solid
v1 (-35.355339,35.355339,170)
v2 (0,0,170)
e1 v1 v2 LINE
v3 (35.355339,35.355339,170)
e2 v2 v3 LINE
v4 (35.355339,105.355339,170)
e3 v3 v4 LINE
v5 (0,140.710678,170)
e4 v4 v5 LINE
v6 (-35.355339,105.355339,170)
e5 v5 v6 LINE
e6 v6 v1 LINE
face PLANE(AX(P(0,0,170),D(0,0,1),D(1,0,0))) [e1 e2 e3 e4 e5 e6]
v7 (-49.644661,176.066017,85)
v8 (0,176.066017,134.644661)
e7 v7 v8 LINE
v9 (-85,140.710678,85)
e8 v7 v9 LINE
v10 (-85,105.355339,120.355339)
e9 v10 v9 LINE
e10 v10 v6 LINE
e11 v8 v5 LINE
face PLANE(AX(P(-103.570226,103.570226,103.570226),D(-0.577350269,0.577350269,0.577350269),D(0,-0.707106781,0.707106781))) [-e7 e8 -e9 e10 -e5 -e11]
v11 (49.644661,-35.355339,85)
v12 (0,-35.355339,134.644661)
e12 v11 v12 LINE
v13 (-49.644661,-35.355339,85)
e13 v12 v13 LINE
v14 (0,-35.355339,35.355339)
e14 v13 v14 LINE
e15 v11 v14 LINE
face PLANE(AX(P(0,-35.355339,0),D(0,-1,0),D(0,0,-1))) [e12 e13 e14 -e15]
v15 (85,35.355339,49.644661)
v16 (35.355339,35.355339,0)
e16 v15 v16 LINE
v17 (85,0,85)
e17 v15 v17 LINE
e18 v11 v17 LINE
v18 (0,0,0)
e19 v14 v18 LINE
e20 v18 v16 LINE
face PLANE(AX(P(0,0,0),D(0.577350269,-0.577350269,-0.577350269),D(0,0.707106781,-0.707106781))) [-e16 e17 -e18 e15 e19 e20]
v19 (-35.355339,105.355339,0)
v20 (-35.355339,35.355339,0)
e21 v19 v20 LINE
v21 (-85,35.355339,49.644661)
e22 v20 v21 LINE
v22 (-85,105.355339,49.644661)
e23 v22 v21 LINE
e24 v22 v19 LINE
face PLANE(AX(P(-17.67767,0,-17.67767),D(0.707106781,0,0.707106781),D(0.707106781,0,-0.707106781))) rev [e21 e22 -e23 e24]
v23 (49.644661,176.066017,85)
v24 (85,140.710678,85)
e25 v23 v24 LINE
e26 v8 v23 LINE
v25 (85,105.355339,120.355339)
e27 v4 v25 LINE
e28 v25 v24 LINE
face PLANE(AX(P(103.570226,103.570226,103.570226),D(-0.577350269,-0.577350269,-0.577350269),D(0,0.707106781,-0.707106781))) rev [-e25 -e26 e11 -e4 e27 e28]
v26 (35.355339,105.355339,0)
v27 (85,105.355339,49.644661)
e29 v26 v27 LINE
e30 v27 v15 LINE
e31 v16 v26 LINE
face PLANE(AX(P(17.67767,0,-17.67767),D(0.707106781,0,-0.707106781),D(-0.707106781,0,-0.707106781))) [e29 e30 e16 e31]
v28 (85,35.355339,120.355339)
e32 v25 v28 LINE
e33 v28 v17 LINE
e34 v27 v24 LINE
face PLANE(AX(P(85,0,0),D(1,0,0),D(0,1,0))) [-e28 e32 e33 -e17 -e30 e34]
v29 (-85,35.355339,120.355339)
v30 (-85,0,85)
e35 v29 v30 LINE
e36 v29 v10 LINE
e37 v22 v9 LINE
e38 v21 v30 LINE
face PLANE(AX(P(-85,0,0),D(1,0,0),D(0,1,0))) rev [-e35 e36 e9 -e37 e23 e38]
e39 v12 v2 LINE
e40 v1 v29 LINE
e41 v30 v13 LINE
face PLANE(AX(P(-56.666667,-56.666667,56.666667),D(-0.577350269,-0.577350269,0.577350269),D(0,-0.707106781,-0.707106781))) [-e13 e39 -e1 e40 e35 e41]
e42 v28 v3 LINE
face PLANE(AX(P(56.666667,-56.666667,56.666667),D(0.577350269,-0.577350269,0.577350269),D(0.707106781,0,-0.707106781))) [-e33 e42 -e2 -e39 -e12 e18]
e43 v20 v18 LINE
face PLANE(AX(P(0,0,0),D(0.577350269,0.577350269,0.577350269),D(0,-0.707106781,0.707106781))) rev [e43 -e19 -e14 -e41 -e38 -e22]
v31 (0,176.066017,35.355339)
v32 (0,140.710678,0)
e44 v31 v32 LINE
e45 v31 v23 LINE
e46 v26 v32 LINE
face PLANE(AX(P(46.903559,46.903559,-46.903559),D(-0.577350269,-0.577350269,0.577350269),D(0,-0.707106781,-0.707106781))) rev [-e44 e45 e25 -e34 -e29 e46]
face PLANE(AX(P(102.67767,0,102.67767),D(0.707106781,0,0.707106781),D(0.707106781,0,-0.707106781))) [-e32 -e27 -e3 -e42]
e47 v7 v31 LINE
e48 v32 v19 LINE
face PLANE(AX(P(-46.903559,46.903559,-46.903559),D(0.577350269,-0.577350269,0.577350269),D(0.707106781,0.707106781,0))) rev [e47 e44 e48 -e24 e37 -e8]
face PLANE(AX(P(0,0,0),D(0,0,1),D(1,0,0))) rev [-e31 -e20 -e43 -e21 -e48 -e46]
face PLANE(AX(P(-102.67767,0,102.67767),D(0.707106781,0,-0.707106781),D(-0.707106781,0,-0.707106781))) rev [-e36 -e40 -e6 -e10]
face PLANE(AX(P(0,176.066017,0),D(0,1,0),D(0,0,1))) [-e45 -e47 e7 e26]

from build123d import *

# Parameters (mm, degrees)
BOSS_EXTRUDE1_DEPTH  = 170
SKETCH2_W            = 70.7106781
SKETCH2_H            = 70
BOSS_EXTRUDE2_DEPTH  = 85
SKETCH3_W            = 70.208152808
SKETCH3_H            = 70
BOSS_EXTRUDE3_DEPTH  = 170.208153
BOSS_EXTRUDE7_DEPTH  = 140.710678
SKETCH5_W            = 70.208152808
SKETCH5_H            = 70
BOSS_EXTRUDE8_DEPTH  = 170.208153
BOSS_EXTRUDE9_DEPTH  = 40
BOSS_EXTRUDE10_DEPTH = 40
BOSS_EXTRUDE11_DEPTH = 40
BOSS_EXTRUDE14_DEPTH = 40
BOSS_EXTRUDE15_DEPTH = 40
BOSS_EXTRUDE17_DEPTH = 40
BOSS_EXTRUDE20_DEPTH = 40
BOSS_EXTRUDE21_DEPTH = 40
BOSS_EXTRUDE22_DEPTH = 40
BOSS_EXTRUDE24_DEPTH = 40


with BuildPart() as part:
    # Sketch1 → Boss-Extrude1 (new body)
    with BuildSketch(Plane.XY):
        Polygon((0, 0), (-35.355339059, 35.355339059), (-35.355339059, 105.355339059), (0, 140.710678119), (35.355339059, 105.355339059), (35.355339059, 35.355339059), align=None)
    extrude(amount=BOSS_EXTRUDE1_DEPTH)



with BuildPart() as body_2:
    # Sketch2 → Boss-Extrude2 (new, symmetric)
    with BuildSketch(Plane(origin=(0, 0, 0), x_dir=(0, 0, -1), z_dir=(1, 0, 0))):
        with Locations((-85, 70.355339059)):
            Rectangle(SKETCH2_W, SKETCH2_H)
        Polygon((-85, 140.710678109), (-120.35533905, 105.355339059), (-49.64466095, 105.355339059), align=None)
        Polygon((-49.64466095, 35.355339059), (-120.35533905, 35.355339059), (-85, 9e-09), align=None)
    extrude(amount=BOSS_EXTRUDE2_DEPTH, both=True)


with BuildPart() as part_1:
    add(part.part)

    add(body_2.part)  # Boss-Extrude3 merges body 2
    # Sketch3 → Boss-Extrude3 (add)
    with BuildSketch(Plane(origin=(17.677669533, 0, -17.67766953), x_dir=(-0.7071067811201199, 0, -0.7071067812529752), z_dir=(0.7071067812529752, 0, -0.7071067811201199))):
        with Locations((-60.104076402, 70.355339059)):
            Rectangle(SKETCH3_W, SKETCH3_H)
    extrude(amount=-BOSS_EXTRUDE3_DEPTH)

    # Sketch4 → Boss-Extrude7 (add)
    with BuildSketch(Plane(origin=(0, 140.710678119, 0), x_dir=(1, 0, 0), z_dir=(0, 1, 0))):
        Polygon((0, -35.355339059), (-49.64466095, -85.000000019), (0, -134.644660959), (49.64466095, -85), align=None)
    extrude(amount=-BOSS_EXTRUDE7_DEPTH)

    # Sketch5 → Boss-Extrude8 (add)
    with BuildSketch(Plane(origin=(-17.677669533, 0, -17.67766953), x_dir=(-0.7071067811201204, 0, 0.7071067812529747), z_dir=(-0.7071067812529747, 0, -0.7071067811201204))):
        with Locations((60.104076402, 70.355339059)):
            Rectangle(SKETCH5_W, SKETCH5_H)
    extrude(amount=-BOSS_EXTRUDE8_DEPTH)

    # Sketch7 → Boss-Extrude9 (add)
    with BuildSketch(Plane(origin=(0, 0, 0), x_dir=(0.8164965809277276, -0.4082482904638617, -0.4082482904638614), z_dir=(0.5773502691896236, 0.577350269189627, 0.5773502691896267))):
        Polygon((-104.103314072, -10.104076407), (-104.103314072, -60.104076394), (-60.802043892, -85.104076383), (-9e-09, -49.999999976), (0, 0), (-43.301270189, 25), align=None)
    extrude(amount=BOSS_EXTRUDE9_DEPTH)

    # Sketch8 → Boss-Extrude10 (add)
    with BuildSketch(Plane(origin=(0, 0, 0), x_dir=(-0.8164965809277275, -0.4082482904638613, -0.4082482904638619), z_dir=(0.5773502691896238, -0.5773502691896264, -0.5773502691896273))):
        Polygon((0, 0), (-104.103314072, -60.104076394), (-104.103314072, -10.104076407), (-43.301270189, 25), align=None)
        Polygon((0, 0), (5e-09, -50), (-60.802043877, -85.104076407), (-104.103314072, -60.104076394), align=None)
    extrude(amount=-BOSS_EXTRUDE10_DEPTH)

    # Sketch9 → Boss-Extrude11 (add)
    with BuildSketch(Plane(origin=(-8e-09, -35.355339028, -1e-08), x_dir=(-1.0, 2.324833960682746e-10, 0), z_dir=(-2.324833960682746e-10, -1.0, -2.9511459186104094e-10))):
        Polygon((-49.644660948, -85.000000014), (-1e-09, -35.355339056), (49.644660943, -85.000000003), (-1.9e-08, -134.644660946), align=None)
    extrude(amount=-BOSS_EXTRUDE11_DEPTH)

    # Sketch11 → Boss-Extrude14 (add)
    with BuildSketch(Plane(origin=(-56.666666664, -56.666666664, 56.666666669), x_dir=(0.8164965809396947, -0.408248290433944, 0.4082482904698449), z_dir=(-0.5773502691726996, -0.577350269172703, 0.5773502692234747))):
        Polygon((-34.701104701, 110.104076387), (-34.701104696, 60.1040764), (69.40220938, 120.208152796), (26.100939191, 145.208152798), align=None)
        Polygon((69.402209374, 70.208152796), (8.600165476, 35.104076398), (-34.701104696, 60.1040764), (69.40220938, 120.208152796), align=None)
    extrude(amount=-BOSS_EXTRUDE14_DEPTH)

    # Sketch12 → Boss-Extrude15 (add)
    with BuildSketch(Plane(origin=(56.666666687, -56.666666659, 56.666666659), x_dir=(0.40824829049722544, -0.40824829029705206, -0.8164965809944503), z_dir=(0.5773502693783509, -0.5773502690952631, 0.5773502690952634))):
        Polygon((-78.00237487, 85.104076392), (-138.804418754, 50.000000005), (-138.804418765, 6e-09), (-95.503148581, -25.000000002), (-34.701104701, 10.104076381), (-34.701104696, 60.104076393), align=None)
    extrude(amount=-BOSS_EXTRUDE15_DEPTH)

    # Sketch14 → Boss-Extrude17 (add)
    with BuildSketch(Plane(origin=(103.57022604, 103.57022604, 103.57022604), x_dir=(-0.8164965809277273, 0.4082482904638616, 0.4082482904638622), z_dir=(-0.5773502691896242, -0.5773502691896262, -0.5773502691896271))):
        Polygon((22.743789099, 39.393398276), (126.847103171, -20.710678119), (83.545832973, -45.710678114), (22.743789091, -10.606601707), align=None)
        Polygon((126.847103156, 29.289321886), (66.045059265, 64.393398279), (22.743789099, 39.393398276), (126.847103171, -20.710678119), align=None)
    extrude(amount=BOSS_EXTRUDE17_DEPTH)

    # Sketch15 → Boss-Extrude20 (add)
    with BuildSketch(Plane(origin=(-103.570226036, 103.570226036, 103.570226036), x_dir=(0.8164965809277289, 0.4082482904638593, 0.4082482904638611), z_dir=(-0.5773502691896217, 0.5773502691896265, 0.5773502691896291))):
        Polygon((126.847103171, -20.710678119), (83.545832973, -45.710678114), (22.743789099, -10.606601711), (22.743789099, 39.393398276), align=None)
        Polygon((66.045059273, 64.393398274), (126.847103156, 29.289321886), (126.847103171, -20.710678119), (22.743789099, 39.393398276), align=None)
    extrude(amount=-BOSS_EXTRUDE20_DEPTH)

    # Sketch18 → Boss-Extrude21 (add)
    with BuildSketch(Plane(origin=(-6e-09, 176.066017148, -3.1e-08), x_dir=(1.0, 3.131573767451649e-11, 0), z_dir=(-3.131573767451649e-11, 1.0, -1.7761984508401238e-10))):
        Polygon((-3e-09, -134.64466096), (49.644660968, -85.000000023), (-49.644660947, -85.000000026), align=None)
        Polygon((-49.644660947, -85.000000026), (-3e-09, -35.355339093), (49.644660968, -85.000000023), align=None)
    extrude(amount=-BOSS_EXTRUDE21_DEPTH)

    # Sketch19 → Boss-Extrude22 (add)
    with BuildSketch(Plane(origin=(46.90355937, 46.90355937, -46.90355937), x_dir=(-0.8164965809277273, 0.4082482904638619, -0.4082482904638618), z_dir=(-0.5773502691896241, -0.577350269189627, 0.5773502691896263))):
        Polygon((14.143623603, -74.497474683), (-46.65842028, -109.601551091), (-46.65842028, -159.601551077), (-3.357150107, -184.601551069), (57.444893789, -149.497474668), (57.444893792, -99.497474683), align=None)
    extrude(amount=BOSS_EXTRUDE22_DEPTH)

    # Sketch21 → Boss-Extrude24 (add)
    with BuildSketch(Plane(origin=(-46.903559392, 46.903559378, -46.903559356), x_dir=(-0.4082482903558565, 0.40824829023639164, 0.816496581095465), z_dir=(-0.5773502693927096, 0.5773502692237606, -0.5773502689524072))):
        Polygon((161.548207823, 89.393398286), (100.746163943, 124.497474679), (57.44489378, 99.497474694), (57.444893784, 49.497474694), (118.246937674, 14.393398298), (161.54820785, 39.393398295), align=None)
    extrude(amount=-BOSS_EXTRUDE24_DEPTH)


solid = part_1.part
